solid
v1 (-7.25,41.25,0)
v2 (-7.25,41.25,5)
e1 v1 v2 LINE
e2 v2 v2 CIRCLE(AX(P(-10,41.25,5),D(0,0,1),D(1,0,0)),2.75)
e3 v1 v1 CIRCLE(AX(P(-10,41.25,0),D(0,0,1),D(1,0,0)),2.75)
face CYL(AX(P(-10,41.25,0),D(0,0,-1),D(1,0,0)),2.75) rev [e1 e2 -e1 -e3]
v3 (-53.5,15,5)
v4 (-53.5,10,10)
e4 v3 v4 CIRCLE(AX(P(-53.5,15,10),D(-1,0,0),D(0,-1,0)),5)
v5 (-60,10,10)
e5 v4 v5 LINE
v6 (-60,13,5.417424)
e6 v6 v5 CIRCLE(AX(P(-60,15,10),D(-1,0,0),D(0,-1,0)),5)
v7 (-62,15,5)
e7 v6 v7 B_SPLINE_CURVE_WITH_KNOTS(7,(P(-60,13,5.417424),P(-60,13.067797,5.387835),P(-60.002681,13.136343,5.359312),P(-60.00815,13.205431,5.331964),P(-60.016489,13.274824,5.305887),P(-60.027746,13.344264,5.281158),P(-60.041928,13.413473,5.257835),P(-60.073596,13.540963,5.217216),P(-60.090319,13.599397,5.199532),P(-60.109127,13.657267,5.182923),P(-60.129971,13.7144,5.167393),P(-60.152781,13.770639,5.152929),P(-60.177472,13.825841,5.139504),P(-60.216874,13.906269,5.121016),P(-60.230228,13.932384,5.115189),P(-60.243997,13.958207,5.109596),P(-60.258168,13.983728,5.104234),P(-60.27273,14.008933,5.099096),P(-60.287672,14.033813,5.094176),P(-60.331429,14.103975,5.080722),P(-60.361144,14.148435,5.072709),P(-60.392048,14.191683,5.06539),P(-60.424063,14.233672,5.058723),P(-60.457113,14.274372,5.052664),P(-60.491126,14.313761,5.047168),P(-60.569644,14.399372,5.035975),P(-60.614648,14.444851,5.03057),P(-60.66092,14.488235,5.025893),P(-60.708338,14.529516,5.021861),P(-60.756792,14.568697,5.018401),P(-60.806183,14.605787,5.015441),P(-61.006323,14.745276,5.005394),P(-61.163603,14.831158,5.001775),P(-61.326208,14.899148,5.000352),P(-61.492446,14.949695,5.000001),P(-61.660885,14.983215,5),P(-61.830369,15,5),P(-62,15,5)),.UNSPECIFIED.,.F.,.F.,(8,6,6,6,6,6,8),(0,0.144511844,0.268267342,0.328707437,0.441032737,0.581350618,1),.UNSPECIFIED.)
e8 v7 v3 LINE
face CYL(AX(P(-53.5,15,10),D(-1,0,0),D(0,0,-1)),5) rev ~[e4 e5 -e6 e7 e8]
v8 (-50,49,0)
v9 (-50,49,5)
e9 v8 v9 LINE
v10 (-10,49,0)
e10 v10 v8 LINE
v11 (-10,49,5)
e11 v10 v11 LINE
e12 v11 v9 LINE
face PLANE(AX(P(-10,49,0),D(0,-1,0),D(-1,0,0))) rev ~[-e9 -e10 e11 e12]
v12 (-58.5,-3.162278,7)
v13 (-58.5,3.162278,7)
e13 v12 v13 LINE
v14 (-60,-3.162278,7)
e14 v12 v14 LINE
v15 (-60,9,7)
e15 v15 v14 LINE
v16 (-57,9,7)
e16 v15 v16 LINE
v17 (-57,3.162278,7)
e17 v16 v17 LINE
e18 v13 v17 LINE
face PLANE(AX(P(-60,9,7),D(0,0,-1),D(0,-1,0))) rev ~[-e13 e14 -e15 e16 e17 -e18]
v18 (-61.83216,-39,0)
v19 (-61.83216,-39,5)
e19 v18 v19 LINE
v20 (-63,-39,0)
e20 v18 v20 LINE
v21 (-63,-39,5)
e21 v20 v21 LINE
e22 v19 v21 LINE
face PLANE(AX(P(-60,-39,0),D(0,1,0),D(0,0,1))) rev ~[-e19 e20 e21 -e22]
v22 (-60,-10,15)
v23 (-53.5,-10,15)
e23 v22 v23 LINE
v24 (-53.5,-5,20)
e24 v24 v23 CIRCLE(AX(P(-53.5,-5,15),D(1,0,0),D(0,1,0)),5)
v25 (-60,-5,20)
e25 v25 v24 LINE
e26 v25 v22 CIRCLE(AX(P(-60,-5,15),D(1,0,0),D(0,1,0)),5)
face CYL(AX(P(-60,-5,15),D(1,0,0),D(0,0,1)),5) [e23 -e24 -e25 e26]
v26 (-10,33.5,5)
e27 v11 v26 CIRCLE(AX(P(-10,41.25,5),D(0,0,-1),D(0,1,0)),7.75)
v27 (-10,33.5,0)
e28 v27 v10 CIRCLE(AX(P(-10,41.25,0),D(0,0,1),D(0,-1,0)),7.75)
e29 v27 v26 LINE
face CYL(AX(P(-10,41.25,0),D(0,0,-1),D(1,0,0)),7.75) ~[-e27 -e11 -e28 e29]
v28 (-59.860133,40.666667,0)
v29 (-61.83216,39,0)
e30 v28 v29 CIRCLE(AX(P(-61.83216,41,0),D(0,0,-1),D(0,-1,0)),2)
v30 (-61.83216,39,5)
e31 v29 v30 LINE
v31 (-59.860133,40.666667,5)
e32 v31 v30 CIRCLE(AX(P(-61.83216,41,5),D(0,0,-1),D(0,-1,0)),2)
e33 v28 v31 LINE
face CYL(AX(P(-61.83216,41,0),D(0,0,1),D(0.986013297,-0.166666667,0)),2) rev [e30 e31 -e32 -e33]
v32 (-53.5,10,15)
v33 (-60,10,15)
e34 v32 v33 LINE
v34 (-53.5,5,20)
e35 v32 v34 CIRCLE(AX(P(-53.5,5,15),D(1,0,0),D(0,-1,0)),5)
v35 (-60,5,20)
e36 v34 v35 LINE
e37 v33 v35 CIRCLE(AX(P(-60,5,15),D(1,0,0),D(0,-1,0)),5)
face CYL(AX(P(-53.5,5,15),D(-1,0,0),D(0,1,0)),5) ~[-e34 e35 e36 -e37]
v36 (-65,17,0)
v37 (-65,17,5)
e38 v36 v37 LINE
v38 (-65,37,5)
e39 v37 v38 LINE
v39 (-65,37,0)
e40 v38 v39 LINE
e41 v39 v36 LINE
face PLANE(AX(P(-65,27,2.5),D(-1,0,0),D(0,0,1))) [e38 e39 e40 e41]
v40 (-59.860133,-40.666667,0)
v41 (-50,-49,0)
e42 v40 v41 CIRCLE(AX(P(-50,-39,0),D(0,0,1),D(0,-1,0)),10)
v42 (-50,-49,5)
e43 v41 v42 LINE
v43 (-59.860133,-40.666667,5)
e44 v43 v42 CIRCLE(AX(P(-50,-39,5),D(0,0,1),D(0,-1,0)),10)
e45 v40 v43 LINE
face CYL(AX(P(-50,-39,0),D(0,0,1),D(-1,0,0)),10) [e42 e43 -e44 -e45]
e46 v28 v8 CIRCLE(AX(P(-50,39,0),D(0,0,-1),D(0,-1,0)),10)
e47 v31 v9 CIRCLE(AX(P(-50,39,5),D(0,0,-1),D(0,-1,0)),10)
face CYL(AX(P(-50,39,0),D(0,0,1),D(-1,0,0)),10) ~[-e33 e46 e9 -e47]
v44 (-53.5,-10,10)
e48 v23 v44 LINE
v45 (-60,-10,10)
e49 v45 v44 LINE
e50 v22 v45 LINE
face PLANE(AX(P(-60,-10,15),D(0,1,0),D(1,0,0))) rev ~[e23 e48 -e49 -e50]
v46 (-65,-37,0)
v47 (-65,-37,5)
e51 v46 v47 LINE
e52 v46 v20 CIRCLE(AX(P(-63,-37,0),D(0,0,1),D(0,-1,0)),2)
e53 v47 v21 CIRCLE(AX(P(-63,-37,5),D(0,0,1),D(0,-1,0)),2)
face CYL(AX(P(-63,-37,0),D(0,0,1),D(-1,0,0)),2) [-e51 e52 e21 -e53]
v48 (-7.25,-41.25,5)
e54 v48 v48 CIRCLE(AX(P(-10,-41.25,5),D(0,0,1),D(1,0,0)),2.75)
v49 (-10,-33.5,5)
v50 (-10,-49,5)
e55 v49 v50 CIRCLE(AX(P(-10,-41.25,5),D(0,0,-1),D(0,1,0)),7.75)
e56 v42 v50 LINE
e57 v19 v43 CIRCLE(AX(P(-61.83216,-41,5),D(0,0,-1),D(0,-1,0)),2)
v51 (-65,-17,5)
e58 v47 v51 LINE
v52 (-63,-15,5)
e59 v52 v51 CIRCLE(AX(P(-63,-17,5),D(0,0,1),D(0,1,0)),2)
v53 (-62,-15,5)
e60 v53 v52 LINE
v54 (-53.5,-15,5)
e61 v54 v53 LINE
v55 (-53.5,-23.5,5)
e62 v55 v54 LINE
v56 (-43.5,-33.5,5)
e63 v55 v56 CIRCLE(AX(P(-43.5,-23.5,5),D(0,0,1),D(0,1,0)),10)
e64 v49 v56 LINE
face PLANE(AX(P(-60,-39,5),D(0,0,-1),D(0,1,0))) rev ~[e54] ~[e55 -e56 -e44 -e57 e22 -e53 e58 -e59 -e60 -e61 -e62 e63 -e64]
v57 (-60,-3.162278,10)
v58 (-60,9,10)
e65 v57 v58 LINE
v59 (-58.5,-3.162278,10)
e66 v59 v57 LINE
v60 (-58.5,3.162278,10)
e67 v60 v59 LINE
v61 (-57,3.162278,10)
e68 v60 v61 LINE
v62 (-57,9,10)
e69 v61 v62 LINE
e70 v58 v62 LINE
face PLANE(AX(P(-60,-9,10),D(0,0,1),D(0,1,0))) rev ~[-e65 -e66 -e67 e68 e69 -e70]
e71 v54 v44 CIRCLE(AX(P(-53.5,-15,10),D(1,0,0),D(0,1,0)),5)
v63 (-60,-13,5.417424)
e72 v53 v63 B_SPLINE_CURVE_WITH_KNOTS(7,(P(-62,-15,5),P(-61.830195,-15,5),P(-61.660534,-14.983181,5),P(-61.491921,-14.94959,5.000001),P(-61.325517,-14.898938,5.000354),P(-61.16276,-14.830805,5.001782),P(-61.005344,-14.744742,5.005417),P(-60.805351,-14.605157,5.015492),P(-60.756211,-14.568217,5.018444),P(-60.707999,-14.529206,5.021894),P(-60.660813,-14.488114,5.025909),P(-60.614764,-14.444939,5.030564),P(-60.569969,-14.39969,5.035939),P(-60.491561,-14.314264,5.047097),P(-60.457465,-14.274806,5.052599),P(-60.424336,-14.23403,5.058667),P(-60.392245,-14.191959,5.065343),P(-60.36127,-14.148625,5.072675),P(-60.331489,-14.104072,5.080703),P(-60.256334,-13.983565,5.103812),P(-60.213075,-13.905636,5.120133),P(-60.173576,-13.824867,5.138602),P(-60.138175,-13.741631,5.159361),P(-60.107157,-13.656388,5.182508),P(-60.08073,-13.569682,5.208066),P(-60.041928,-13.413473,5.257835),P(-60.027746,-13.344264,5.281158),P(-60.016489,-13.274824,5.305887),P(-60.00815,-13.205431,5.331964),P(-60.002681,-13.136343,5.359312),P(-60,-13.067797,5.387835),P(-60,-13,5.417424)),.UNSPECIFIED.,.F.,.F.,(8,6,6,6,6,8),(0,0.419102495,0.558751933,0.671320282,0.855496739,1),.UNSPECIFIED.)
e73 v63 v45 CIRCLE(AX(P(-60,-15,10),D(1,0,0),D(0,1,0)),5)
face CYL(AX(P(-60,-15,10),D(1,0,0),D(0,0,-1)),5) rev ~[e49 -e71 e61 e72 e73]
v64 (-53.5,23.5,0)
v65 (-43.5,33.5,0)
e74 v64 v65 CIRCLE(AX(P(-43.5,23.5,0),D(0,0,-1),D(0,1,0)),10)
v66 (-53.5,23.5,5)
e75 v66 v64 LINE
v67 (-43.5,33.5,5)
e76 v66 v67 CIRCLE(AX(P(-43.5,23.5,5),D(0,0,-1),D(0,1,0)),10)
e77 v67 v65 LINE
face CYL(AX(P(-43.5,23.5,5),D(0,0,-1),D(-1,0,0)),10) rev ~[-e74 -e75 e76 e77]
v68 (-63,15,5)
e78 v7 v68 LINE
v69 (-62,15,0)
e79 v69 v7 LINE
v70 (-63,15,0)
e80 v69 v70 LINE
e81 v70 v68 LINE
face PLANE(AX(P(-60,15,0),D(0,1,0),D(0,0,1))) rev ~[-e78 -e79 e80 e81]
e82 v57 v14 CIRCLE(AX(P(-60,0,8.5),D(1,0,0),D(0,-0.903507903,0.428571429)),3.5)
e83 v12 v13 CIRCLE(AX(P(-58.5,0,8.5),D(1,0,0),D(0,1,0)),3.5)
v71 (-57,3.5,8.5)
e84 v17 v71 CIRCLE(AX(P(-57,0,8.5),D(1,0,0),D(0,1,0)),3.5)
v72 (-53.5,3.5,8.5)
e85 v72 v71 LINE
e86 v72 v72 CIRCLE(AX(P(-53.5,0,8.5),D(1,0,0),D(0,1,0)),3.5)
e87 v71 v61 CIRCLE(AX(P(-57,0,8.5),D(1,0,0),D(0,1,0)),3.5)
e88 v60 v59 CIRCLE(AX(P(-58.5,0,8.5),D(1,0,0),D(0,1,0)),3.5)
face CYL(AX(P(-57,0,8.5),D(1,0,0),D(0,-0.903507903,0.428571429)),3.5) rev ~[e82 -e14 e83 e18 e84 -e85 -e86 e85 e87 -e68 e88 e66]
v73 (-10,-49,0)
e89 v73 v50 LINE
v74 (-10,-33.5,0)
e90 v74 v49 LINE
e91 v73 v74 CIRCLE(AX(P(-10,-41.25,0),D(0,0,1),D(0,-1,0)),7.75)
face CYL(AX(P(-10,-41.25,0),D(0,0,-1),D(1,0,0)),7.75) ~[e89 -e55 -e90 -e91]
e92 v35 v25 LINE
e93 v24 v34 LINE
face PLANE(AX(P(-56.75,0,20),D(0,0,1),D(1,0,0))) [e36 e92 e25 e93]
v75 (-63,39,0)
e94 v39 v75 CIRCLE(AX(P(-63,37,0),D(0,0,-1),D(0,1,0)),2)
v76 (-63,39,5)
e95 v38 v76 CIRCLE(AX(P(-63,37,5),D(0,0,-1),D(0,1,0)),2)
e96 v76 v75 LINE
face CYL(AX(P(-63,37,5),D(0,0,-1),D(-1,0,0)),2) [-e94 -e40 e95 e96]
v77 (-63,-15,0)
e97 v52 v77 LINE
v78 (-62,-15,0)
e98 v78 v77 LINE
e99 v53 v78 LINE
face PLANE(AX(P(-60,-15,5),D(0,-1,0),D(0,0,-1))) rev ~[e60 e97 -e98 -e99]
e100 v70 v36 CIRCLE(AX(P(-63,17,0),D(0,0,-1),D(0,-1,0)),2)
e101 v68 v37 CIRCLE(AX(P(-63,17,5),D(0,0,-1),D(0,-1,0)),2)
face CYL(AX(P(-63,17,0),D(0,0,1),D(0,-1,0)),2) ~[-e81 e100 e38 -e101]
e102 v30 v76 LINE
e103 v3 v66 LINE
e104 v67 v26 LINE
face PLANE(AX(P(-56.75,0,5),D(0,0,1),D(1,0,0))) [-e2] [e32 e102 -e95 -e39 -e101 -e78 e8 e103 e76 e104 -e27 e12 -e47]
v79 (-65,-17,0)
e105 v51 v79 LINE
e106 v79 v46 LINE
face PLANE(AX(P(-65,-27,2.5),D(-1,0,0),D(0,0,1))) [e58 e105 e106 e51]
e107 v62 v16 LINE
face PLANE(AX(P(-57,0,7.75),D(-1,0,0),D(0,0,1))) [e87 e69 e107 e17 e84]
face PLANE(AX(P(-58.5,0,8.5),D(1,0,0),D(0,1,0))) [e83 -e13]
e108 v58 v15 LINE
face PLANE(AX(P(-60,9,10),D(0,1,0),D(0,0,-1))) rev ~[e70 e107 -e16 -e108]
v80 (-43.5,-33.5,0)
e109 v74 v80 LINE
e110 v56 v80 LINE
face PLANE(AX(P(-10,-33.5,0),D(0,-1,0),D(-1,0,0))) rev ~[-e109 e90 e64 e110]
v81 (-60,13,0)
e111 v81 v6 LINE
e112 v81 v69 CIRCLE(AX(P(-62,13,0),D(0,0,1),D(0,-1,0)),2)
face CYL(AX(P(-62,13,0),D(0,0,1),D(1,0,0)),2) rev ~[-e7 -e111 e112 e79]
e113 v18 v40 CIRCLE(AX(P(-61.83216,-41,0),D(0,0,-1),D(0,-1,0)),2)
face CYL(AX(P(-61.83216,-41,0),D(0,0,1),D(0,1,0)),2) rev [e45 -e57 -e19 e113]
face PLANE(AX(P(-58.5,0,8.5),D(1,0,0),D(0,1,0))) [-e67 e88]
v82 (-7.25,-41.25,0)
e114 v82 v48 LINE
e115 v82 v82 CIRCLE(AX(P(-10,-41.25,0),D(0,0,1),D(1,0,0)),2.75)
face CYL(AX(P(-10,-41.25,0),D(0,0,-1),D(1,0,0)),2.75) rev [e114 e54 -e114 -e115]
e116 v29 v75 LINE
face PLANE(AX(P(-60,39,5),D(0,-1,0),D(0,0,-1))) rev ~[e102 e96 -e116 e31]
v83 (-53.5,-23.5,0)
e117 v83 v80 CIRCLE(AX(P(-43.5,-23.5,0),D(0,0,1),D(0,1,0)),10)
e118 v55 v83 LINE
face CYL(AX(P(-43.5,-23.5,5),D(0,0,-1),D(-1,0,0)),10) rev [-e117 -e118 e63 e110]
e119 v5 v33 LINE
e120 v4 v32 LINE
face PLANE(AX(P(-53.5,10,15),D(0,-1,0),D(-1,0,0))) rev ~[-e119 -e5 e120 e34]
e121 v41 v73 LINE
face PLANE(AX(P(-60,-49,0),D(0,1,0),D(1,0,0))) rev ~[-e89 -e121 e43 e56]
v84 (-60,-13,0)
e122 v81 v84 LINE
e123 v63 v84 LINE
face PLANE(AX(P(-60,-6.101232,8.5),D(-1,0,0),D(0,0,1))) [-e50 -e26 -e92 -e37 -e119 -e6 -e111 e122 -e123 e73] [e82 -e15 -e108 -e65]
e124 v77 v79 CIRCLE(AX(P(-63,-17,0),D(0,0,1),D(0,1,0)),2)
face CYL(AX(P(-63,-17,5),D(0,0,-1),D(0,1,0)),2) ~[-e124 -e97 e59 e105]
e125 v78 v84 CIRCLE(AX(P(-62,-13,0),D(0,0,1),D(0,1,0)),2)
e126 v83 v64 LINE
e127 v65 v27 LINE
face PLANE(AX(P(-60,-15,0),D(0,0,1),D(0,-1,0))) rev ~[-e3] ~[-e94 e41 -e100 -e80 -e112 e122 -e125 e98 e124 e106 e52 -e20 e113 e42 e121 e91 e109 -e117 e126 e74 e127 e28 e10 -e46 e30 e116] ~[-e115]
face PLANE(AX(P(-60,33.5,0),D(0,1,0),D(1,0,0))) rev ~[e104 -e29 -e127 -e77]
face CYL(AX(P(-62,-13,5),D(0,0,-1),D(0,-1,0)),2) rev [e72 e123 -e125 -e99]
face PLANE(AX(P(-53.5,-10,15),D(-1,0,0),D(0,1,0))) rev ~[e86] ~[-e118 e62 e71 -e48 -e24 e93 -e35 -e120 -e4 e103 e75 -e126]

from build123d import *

# Parameters (mm, degrees)
SKETCH1_R           = 7.750000000000002
SKETCH1_R_2         = 2.7500000000000013
SKETCH1_R_3         = 7.749999999999997
SKETCH1_R_4         = 2.7499999999999973
BOSS_EXTRUDE1_DEPTH = 5
BOSS_EXTRUDE2_DEPTH = 5
BOSS_EXTRUDE3_DEPTH = 10
BOSS_EXTRUDE4_DEPTH = 5
FILLET1_R           = 5
SKETCH6_R           = 3.5
CUT_EXTRUDE1_DEPTH  = 5
CUT_EXTRUDE2_DEPTH  = 3
BOSS_EXTRUDE5_DEPTH = 3
FILLET2_R           = 10
BOSS_EXTRUDE6_DEPTH = 5
FILLET3_R           = 2


with BuildPart() as part:
    # Sketch1 → Boss-Extrude1 (new body)
    # profile 1 of 4: a face of its own
    with BuildSketch(Plane.XY):
        with BuildLine():
            ThreePointArc((-10.000000000000002, 33.49999999999998), (-17.75, 41.24999999999998), (-10, 48.99999999999998))
            Line((-10, 48.99999999999998), (-60.00000000000001, 48.99999999999998))
            Line((-60.00000000000001, 48.99999999999998), (-60, 33.49999999999997))
            Line((-60, 33.49999999999997), (-10, 33.49999999999998))
        make_face()
    # profile 2 of 4: a face of its own
    with BuildSketch(Plane.XY):
        with Locations((-10, 41.24999999999998)):
            Circle(SKETCH1_R)
        with Locations((-10, 41.24999999999998)):
            Circle(SKETCH1_R_2, mode=Mode.SUBTRACT)
    # profile 3 of 4: a face of its own
    with BuildSketch(Plane.XY):
        with Locations((-9.999999999999927, -41.24999999999999)):
            Circle(SKETCH1_R_3)
        with Locations((-9.999999999999927, -41.24999999999999)):
            Circle(SKETCH1_R_4, mode=Mode.SUBTRACT)
    # profile 4 of 4: a face of its own
    with BuildSketch(Plane.XY):
        with BuildLine():
            Line((-59.99999999999993, -48.999999999999986), (-9.999999999999927, -48.99999999999999))
            ThreePointArc((-9.999999999999929, -48.99999999999999), (-17.749999999999925, -41.24999999999999), (-9.999999999999927, -33.49999999999999))
            Line((-9.999999999999927, -33.49999999999999), (-59.99999999999993, -33.5))
            Line((-59.99999999999993, -33.5), (-59.99999999999993, -48.999999999999986))
        make_face()
    extrude(amount=BOSS_EXTRUDE1_DEPTH)

    # Sketch2 → Boss-Extrude2 (add)
    with BuildSketch(Plane.XY.offset(5)):
        Polygon((-53.500000000000014, -7.500000000000029), (-53.500000000000014, 7.499999999999971), (-53.500000000000014, 33.49999999999998), (-60, 33.49999999999997), (-59.99999999999993, -33.5), (-53.500000000000014, -33.49999999999999), align=None)
    extrude(amount=-BOSS_EXTRUDE2_DEPTH)

    # Sketch3 → Boss-Extrude3 (add)
    with BuildSketch(Plane.XY.offset(5)):
        Polygon((-59.99999999999997, -6.94e-15), (-53.500000000000014, 0), (-53.500000000000014, 10), (-59.99999999999997, 9.999999999999986), align=None)
        Polygon((-53.500000000000014, -10), (-53.500000000000014, 0), (-59.99999999999997, -6.94e-15), (-59.99999999999997, -10.000000000000014), align=None)
    extrude(amount=BOSS_EXTRUDE3_DEPTH)

    # Sketch4 → Boss-Extrude4 (add)
    with BuildSketch(Plane.XY.offset(15)):
        Polygon((-53.500000000000014, -10.000000000000007), (-53.500000000000014, 9.999999999999993), (-59.99999999999999, 9.999999999999986), (-59.99999999999998, -10.000000000000014), align=None)
    extrude(amount=BOSS_EXTRUDE4_DEPTH)

    # Fillet1
    fillet1_edges = [part.edges().sort_by_distance(p)[0] for p in [
        (-56.74999999999999, 9.999999999999993, 5),
        (-56.74999999999999, -10.000000000000007, 5),
        (-56.75, -10.00000000000001, 20),
        (-56.75, 9.99999999999999, 20),
    ]]
    fillet(fillet1_edges, radius=FILLET1_R)

    # Sketch6 → Cut-Extrude1 (cut)
    with BuildSketch(Plane(origin=(-53.500000000000014, 0, 0), x_dir=(0, 0, -1), z_dir=(1, -1e-16, 0))):
        with Locations(Location((-8.500000000000007, -3.49e-15, 0), (0, 0, 90))):
            Circle(SKETCH6_R)
    extrude(amount=-CUT_EXTRUDE1_DEPTH, mode=Mode.SUBTRACT)

    # Sketch7 → Cut-Extrude2 (cut)
    with BuildSketch(Plane.ZY.offset(59.999999999999986)):
        Polygon((8.500000000000009, -8.99999999999997), (8.500000000000007, 2.958e-14), (8.500000000000007, 9.000000000000028), (7.000000000000008, 9.000000000000028), (7.000000000000008, 2.958e-14), (7.000000000000008, -8.99999999999997), align=None)
        Polygon((8.500000000000007, 9.000000000000028), (8.500000000000007, 2.958e-14), (8.500000000000009, -8.99999999999997), (10.000000000000007, -8.99999999999997), (10.000000000000007, 2.958e-14), (10.000000000000007, 9.000000000000028), align=None)
        Polygon((8.500000000000007, 9.000000000000028), (8.500000000000007, 2.958e-14), (8.500000000000009, -8.99999999999997), (10.000000000000007, -8.99999999999997), (10.000000000000007, 2.958e-14), (10.000000000000007, 9.000000000000028), align=None)
        Polygon((8.500000000000009, -8.99999999999997), (8.500000000000007, 2.958e-14), (8.500000000000007, 9.000000000000028), (7.000000000000008, 9.000000000000028), (7.000000000000008, 2.958e-14), (7.000000000000008, -8.99999999999997), align=None)
    extrude(amount=-CUT_EXTRUDE2_DEPTH, mode=Mode.SUBTRACT)

    # Sketch9 → Boss-Extrude5 (add)
    with BuildSketch(Plane.ZY.offset(56.99999999999998)):
        with BuildLine():
            Line((7.000000000000008, -3.1622776601683573), (7.000000000000008, -8.999999999999968))
            Line((7.000000000000008, -8.999999999999968), (10.000000000000007, -8.999999999999968))
            Line((10.000000000000007, -8.999999999999968), (10.000000000000007, -3.1622776601683573))
            ThreePointArc((10.000000000000007, -3.1622776601683573), (8.500000000000007, -3.4999999999999774), (7.000000000000008, -3.1622776601683573))
        make_face()
    extrude(amount=BOSS_EXTRUDE5_DEPTH)

    # Fillet2
    fillet2_edges = [part.edges().sort_by_distance(p)[0] for p in [
        (-60.00000000000001, 48.99999999999998, 2.5),
        (-53.500000000000014, 33.49999999999998, 2.5),
        (-53.500000000000014, -33.49999999999999, 2.5),
        (-59.99999999999993, -48.999999999999986, 2.5),
    ]]
    fillet(fillet2_edges, radius=FILLET2_R)

    # Sketch10 → Boss-Extrude6 (add)
    with BuildSketch(Plane.ZY.offset(59.999999999999986)):
        Polygon((5, -14.999999999999988), (0, -14.999999999999986), (0, -38.99999999999997), (5, -38.999999999999964), align=None)
        Polygon((0, 15.000000000000014), (5.000000000000004, 15.000000000000012), (5, 39), (0, 39), align=None)
    extrude(amount=BOSS_EXTRUDE6_DEPTH)

    # Fillet3
    fillet3_edges = [part.edges().sort_by_distance(p)[0] for p in [
        (-59.99999999999993, 38.99999999999997, 2.5),
        (-59.99999999999993, -38.999999999999986, 2.5),
        (-59.99999999999998, -15.000000000000012, 2.5),
        (-64.99999999999999, -15.000000000000014, 2.5),
        (-64.99999999999997, -38.99999999999999, 2.5),
        (-64.99999999999999, 14.999999999999986, 2.500000000000002),
        (-65, 38.99999999999997, 2.5),
        (-59.99999999999999, 14.999999999999988, 2.500000000000002),
    ]]
    fillet(fillet3_edges, radius=FILLET3_R)


solid = part.part
